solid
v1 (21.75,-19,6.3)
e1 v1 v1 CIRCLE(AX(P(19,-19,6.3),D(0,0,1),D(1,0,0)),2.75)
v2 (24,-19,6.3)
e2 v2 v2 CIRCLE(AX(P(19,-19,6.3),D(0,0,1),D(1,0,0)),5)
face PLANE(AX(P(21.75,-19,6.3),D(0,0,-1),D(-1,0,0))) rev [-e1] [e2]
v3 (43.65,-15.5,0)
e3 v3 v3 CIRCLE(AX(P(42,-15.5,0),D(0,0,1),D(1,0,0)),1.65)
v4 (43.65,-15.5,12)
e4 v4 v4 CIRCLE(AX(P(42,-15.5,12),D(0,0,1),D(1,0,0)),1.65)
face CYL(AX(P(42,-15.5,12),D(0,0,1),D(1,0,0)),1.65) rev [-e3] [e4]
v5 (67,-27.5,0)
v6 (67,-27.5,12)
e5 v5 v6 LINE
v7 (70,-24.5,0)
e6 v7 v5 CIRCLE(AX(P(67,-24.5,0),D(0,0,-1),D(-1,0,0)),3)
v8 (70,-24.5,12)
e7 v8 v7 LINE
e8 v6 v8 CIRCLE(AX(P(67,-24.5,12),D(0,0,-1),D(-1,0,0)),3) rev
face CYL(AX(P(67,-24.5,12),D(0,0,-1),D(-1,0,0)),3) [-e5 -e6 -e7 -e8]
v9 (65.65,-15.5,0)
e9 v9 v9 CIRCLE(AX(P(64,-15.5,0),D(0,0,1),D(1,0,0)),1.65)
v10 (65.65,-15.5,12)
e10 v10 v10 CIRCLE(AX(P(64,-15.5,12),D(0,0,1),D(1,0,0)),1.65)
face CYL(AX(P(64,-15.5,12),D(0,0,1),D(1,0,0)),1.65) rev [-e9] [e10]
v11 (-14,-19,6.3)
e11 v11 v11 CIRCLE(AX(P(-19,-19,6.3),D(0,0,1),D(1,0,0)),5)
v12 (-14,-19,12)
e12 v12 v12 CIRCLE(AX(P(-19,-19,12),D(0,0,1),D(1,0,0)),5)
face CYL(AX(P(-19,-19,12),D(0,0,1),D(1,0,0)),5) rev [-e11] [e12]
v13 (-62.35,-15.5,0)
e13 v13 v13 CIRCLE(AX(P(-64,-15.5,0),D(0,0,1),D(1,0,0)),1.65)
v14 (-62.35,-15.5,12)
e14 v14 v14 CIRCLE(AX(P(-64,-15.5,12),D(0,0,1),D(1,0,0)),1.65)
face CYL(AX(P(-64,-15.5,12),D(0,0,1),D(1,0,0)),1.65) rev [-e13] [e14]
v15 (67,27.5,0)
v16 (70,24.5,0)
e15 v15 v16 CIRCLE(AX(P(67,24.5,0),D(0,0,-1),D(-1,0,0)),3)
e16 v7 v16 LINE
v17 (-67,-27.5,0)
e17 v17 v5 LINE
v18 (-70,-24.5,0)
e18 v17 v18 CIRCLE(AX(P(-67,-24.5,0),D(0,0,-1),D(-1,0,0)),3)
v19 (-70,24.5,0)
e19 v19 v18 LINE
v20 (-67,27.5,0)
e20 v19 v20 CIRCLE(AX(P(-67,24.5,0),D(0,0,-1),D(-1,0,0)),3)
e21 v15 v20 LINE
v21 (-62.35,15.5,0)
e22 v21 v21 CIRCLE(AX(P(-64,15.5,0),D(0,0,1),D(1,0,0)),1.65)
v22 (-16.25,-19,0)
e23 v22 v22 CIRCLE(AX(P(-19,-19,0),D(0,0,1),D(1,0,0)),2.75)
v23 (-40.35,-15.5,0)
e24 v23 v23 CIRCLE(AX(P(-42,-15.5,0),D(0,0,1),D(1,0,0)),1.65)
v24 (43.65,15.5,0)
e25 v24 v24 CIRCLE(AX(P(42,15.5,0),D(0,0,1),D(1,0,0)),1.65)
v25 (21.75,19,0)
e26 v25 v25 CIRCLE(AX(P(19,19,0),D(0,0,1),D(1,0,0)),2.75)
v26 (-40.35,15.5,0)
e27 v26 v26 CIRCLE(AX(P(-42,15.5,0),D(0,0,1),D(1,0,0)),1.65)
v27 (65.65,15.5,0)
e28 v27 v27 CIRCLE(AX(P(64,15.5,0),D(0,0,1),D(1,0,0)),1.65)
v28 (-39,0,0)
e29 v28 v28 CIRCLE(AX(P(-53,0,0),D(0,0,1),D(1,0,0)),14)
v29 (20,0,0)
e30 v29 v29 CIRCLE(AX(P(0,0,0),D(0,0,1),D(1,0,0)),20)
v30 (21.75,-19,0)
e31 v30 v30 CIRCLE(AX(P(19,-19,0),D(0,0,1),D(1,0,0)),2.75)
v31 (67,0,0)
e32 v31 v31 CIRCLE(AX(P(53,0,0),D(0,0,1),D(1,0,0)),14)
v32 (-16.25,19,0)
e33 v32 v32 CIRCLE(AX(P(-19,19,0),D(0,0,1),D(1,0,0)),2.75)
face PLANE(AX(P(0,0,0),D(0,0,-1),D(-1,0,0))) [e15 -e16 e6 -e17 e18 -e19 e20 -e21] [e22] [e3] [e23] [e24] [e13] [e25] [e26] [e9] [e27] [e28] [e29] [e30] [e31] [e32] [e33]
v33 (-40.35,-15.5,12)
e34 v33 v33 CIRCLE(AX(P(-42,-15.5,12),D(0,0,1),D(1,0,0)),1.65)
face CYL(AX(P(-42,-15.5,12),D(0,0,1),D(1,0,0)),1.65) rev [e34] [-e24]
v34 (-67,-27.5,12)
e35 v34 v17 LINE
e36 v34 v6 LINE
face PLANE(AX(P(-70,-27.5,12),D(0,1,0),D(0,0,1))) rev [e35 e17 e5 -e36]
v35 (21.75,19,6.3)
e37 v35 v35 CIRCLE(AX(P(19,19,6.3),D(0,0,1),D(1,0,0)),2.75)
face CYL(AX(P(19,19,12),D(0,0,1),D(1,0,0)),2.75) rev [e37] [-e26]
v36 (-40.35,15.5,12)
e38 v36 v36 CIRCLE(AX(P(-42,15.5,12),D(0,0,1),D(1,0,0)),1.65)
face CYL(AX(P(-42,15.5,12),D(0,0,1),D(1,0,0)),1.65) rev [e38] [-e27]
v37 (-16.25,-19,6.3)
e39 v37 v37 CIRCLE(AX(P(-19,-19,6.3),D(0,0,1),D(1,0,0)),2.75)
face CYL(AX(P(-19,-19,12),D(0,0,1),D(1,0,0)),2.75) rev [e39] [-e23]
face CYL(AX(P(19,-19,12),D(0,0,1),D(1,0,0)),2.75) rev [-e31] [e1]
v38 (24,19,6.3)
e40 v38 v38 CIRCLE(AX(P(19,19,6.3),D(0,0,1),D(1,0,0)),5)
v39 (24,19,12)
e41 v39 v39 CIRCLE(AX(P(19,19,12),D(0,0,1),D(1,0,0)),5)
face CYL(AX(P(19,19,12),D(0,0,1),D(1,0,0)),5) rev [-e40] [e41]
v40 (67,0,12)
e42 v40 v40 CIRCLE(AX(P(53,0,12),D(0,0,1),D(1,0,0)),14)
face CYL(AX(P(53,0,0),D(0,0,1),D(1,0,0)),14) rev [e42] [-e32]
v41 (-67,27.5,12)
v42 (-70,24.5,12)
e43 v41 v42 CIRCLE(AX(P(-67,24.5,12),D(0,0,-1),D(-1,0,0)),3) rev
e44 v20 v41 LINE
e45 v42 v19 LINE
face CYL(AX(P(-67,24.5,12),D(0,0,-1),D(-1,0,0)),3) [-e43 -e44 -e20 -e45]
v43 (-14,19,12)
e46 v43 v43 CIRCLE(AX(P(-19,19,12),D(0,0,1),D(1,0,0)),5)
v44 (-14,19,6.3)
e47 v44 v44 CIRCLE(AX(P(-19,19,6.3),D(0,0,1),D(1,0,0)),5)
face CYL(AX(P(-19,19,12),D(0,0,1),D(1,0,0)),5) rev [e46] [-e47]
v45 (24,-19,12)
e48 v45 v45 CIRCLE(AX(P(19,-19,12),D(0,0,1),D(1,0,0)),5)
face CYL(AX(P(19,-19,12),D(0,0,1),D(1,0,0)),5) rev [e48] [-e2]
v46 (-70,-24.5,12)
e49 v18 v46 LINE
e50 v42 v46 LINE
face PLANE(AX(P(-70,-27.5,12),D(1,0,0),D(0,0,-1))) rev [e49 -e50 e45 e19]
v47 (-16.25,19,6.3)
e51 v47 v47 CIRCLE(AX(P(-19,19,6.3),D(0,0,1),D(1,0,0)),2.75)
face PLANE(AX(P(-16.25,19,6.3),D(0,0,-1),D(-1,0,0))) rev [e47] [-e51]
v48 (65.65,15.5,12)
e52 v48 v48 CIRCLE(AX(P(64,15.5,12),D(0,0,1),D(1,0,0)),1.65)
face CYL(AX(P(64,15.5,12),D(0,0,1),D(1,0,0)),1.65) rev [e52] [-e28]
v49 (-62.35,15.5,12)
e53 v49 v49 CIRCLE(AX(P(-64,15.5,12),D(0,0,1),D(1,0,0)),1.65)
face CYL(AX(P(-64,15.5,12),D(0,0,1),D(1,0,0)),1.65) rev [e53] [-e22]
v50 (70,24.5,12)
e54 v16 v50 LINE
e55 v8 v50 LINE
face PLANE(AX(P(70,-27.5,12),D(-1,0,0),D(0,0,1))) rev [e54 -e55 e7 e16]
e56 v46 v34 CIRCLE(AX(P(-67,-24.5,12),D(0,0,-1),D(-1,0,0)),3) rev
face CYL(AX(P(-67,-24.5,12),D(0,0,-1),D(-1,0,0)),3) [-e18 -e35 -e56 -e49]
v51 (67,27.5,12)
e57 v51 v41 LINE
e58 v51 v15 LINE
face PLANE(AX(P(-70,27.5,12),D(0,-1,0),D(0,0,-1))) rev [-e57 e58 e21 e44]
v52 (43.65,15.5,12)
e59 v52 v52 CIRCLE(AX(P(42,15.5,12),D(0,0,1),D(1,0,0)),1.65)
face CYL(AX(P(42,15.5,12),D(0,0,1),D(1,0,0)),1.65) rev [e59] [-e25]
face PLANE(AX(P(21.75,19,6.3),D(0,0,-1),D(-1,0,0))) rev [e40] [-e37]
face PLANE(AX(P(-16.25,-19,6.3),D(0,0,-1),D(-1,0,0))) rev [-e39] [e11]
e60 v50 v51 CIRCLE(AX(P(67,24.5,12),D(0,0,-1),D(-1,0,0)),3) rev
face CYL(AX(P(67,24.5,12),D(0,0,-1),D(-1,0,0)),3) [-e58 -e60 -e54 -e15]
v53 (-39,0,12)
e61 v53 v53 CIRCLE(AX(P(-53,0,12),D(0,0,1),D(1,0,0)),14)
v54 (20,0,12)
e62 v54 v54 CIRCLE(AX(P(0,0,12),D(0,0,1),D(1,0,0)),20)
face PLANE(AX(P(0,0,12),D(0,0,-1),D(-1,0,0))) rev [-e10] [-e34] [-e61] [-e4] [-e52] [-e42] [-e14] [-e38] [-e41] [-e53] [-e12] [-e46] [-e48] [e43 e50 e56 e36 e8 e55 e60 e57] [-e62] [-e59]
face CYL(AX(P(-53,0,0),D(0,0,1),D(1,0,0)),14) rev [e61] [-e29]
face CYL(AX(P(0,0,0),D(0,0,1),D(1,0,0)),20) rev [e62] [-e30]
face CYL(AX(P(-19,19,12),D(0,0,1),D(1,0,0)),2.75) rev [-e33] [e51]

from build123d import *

# Parameters (mm, degrees)
SKETCH_1_W                = 140
SKETCH_1_H                = 55
EXTRUDE_1_DEPTH           = 12
SKETCH_2_R                = 20
SKETCH_2_R_2              = 14
CUT_EXTRUDE_1_DEPTH       = 77.159372371
FILLET_1_R                = 3
HOLE_WIZARD_M4_1_D        = 3.3
HOLE_WIZARD_1_D           = 5.5
HOLE_WIZARD_1_CBORE_D     = 10
HOLE_WIZARD_1_CBORE_DEPTH = 5.7


with BuildPart() as part:
    # 草图1 → 凸台-拉伸1 (new body)
    with BuildSketch(Plane.XY):
        Rectangle(SKETCH_1_W, SKETCH_1_H)
    extrude(amount=EXTRUDE_1_DEPTH)

    # 草图2 → 切除-拉伸1 (cut, through all)
    with BuildSketch(Plane.XY.offset(12)):
        Circle(SKETCH_2_R)
        with Locations((-53, 0)):
            Circle(SKETCH_2_R_2)
        with Locations((53, 0)):
            Circle(SKETCH_2_R_2)
    extrude(amount=-CUT_EXTRUDE_1_DEPTH, mode=Mode.SUBTRACT)

    # 圆角1
    fillet_1_edges = [part.edges().sort_by_distance(p)[0] for p in [
        (70, -27.5, 6),
        (-70, -27.5, 6),
        (-70, 27.5, 6),
        (70, 27.5, 6),
    ]]
    fillet(fillet_1_edges, radius=FILLET_1_R)

    # M4 螺纹孔1 (through all)
    with Locations(Plane.XY.offset(12)):
        with Locations((-64, 15.5), (-42, 15.5), (-42, -15.5), (-64, -15.5), (42, -15.5), (64, -15.5), (64, 15.5), (42, 15.5)):
            Hole(HOLE_WIZARD_M4_1_D / 2)

    # 打孔尺寸(%根据)内六角圆柱头螺钉的类型1 (through all)
    with Locations(Plane.XY.offset(12)):
        with Locations((-19, 19), (19, 19), (19, -19), (-19, -19)):
            CounterBoreHole(HOLE_WIZARD_1_D / 2, HOLE_WIZARD_1_CBORE_D / 2, HOLE_WIZARD_1_CBORE_DEPTH)


solid = part.part
